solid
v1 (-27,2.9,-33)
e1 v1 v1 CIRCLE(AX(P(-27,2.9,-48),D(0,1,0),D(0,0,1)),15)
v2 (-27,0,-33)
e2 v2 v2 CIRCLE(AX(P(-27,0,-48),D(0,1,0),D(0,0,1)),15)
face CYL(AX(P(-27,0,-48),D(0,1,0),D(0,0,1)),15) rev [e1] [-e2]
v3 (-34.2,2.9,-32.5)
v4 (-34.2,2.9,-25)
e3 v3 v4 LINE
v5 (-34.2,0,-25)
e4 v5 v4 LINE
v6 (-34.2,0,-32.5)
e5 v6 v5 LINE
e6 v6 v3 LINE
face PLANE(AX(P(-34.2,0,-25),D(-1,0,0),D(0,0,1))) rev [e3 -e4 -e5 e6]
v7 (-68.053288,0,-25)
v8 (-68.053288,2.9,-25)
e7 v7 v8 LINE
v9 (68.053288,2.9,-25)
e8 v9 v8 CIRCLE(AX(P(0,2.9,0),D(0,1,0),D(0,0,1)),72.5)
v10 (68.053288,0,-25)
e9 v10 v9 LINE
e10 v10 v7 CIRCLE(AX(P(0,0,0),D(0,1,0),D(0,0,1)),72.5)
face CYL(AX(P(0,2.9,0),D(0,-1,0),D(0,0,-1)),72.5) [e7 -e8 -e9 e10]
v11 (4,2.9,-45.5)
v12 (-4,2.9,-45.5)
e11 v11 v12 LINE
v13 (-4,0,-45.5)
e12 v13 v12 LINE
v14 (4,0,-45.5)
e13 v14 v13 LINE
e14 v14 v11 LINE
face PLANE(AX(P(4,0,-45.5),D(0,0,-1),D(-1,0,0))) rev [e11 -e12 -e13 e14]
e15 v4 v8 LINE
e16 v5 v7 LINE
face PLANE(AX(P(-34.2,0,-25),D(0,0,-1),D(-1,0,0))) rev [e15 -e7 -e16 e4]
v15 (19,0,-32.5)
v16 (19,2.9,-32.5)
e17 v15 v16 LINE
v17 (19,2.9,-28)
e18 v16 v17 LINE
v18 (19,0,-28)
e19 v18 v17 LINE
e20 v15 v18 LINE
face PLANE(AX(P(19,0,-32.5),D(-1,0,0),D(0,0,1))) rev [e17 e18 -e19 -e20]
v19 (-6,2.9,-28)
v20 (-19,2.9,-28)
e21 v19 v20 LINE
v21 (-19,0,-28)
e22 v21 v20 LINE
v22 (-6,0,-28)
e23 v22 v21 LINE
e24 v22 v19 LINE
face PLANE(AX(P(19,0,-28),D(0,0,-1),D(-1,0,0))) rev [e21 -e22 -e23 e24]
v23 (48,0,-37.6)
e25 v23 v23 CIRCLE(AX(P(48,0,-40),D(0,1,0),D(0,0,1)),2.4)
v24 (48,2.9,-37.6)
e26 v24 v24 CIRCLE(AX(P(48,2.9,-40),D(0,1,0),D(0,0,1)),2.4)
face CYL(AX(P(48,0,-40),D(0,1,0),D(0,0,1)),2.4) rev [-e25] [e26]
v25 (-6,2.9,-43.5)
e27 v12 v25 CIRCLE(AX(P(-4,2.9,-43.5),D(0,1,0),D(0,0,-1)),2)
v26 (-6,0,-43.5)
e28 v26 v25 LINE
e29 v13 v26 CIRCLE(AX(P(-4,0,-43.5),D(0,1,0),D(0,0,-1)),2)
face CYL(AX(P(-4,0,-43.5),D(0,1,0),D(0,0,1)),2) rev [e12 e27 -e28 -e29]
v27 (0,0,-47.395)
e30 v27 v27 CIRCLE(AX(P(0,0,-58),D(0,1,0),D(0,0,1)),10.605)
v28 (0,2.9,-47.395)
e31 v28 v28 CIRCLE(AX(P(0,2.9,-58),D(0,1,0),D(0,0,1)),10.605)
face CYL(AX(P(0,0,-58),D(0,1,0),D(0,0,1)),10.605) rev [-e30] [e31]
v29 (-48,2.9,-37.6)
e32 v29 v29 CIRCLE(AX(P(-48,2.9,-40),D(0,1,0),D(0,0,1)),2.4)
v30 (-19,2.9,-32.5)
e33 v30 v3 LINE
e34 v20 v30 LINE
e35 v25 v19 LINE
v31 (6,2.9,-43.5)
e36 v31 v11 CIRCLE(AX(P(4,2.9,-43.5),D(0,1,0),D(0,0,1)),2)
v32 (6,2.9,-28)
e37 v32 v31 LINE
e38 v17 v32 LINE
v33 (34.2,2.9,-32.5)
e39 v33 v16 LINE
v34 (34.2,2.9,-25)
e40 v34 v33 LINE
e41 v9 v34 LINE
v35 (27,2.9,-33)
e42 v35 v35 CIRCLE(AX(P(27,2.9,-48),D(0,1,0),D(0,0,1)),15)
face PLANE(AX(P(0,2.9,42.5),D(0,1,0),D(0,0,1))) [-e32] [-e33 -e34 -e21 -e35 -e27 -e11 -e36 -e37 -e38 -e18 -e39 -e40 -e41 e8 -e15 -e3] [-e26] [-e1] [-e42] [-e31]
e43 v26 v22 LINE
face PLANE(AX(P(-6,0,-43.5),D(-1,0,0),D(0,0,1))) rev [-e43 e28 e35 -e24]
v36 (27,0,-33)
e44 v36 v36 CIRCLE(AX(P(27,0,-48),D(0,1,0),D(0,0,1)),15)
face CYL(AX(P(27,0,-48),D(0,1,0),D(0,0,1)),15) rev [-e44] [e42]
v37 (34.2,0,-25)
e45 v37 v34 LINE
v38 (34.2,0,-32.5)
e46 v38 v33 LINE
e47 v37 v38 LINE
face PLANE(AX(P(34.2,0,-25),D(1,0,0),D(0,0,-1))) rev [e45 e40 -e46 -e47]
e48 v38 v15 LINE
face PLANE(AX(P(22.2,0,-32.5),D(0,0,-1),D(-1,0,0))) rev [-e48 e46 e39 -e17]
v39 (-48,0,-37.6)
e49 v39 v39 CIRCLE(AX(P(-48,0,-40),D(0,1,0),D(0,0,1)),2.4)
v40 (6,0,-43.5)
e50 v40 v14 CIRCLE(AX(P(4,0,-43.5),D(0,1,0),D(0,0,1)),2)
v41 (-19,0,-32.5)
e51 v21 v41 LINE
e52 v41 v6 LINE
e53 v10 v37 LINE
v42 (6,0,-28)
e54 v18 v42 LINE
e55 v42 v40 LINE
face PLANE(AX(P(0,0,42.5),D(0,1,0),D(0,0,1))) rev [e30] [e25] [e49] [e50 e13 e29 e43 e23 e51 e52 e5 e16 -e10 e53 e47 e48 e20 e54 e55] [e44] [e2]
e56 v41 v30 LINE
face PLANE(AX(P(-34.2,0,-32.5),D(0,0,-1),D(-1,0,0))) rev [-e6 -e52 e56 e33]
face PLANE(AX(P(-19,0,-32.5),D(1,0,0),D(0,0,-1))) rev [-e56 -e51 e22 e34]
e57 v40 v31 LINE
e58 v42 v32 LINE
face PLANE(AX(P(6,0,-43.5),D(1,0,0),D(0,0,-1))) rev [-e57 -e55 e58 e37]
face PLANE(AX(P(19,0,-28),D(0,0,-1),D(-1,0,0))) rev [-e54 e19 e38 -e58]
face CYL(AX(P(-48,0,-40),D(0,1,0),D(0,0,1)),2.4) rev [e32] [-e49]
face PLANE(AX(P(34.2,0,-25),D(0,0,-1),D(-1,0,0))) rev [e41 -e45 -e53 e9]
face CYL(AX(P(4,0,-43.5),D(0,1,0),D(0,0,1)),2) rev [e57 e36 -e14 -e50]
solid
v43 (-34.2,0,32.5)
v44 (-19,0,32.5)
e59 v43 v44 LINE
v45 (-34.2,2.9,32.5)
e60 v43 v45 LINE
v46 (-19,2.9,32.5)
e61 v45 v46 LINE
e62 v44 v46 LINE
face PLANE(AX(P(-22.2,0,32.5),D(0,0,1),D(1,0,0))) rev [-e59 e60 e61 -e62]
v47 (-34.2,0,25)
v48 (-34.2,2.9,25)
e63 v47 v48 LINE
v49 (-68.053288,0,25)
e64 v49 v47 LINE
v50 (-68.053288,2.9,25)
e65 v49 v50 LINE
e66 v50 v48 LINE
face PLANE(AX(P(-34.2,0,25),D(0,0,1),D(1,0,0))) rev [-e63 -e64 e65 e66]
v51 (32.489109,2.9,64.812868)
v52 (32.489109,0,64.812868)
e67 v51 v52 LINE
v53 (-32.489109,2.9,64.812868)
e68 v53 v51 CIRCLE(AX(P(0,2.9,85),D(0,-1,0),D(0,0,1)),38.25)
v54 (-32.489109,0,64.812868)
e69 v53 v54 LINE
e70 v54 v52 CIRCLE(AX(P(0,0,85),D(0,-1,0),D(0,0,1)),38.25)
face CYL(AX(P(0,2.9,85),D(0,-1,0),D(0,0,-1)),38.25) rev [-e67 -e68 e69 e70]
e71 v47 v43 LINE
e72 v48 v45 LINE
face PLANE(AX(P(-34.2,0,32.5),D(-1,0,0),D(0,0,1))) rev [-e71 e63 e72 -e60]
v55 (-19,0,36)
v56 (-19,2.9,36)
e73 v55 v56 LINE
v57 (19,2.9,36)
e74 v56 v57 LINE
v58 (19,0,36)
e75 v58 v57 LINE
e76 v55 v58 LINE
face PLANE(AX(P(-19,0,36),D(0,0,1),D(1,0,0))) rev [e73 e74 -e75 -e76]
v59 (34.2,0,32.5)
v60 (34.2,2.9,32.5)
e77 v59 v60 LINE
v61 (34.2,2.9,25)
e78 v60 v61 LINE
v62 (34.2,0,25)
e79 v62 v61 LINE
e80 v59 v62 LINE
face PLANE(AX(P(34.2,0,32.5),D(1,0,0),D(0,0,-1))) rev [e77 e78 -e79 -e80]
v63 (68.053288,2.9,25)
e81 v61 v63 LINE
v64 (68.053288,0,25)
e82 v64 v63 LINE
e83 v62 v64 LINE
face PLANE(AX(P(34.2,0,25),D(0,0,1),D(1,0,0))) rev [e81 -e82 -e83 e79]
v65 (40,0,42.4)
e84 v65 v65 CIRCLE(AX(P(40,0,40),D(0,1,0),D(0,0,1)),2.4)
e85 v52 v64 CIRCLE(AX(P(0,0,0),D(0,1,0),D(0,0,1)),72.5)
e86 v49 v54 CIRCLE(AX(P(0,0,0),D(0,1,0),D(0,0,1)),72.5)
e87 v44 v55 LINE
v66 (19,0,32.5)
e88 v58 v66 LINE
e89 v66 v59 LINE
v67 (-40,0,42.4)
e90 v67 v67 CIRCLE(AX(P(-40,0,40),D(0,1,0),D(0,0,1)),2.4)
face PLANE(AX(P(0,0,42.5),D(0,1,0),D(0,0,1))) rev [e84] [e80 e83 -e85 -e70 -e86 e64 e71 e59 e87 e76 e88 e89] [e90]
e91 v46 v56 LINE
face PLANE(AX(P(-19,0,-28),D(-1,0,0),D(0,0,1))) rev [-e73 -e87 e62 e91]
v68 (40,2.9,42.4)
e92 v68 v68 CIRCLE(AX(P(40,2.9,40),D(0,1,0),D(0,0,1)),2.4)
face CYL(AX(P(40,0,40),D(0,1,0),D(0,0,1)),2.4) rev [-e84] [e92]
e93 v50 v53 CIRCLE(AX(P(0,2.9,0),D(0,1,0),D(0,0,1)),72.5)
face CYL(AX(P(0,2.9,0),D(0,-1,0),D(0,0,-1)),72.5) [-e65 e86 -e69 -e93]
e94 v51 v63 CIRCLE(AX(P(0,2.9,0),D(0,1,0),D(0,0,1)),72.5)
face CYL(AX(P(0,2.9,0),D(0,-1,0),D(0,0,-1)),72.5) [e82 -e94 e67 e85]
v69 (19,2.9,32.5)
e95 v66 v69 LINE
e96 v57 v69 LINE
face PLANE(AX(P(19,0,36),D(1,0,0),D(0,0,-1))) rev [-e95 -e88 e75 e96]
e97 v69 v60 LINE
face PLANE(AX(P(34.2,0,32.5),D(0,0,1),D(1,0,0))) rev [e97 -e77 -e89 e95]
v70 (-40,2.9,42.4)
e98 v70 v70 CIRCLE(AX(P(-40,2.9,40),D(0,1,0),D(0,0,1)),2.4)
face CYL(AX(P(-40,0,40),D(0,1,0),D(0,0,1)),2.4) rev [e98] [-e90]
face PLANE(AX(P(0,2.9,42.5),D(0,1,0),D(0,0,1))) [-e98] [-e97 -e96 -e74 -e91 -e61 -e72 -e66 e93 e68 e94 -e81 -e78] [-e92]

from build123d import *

# Parameters (mm, degrees)
BOSS_EXTRUDE1_DEPTH  = 2.9
SOLENOID_PLACEMENT_W = 38
SOLENOID_PLACEMENT_H = 64
CUT_EXTRUDE1_DEPTH   = 103.571487266
SKETCH7_R            = 15
CUT_EXTRUDE6_DEPTH   = 103.571487266
SKETCH8_R            = 2.4
CUT_EXTRUDE7_DEPTH   = 103.571487266
CUT_EXTRUDE3_DEPTH   = 103.571487266
CUT_EXTRUDE8_DEPTH   = 100.478188564
SKETCH10_R           = 10.605
CUT_EXTRUDE9_DEPTH   = 100.478188564


with BuildPart() as part:
    # Sketch1 → Boss-Extrude1 (new body)
    with BuildSketch(Plane(origin=(0, 0, 0), x_dir=(1, 0, 0), z_dir=(0, 1, 0))):
        with BuildLine():
            ThreePointArc((32.48910875, -64.812867647), (0, 72.5), (-32.48910875, -64.812867647))
            ThreePointArc((-32.48910875, -64.812867647), (0, -46.75), (32.48910875, -64.812867647))
        make_face()
    extrude(amount=BOSS_EXTRUDE1_DEPTH)

    # solenoid placement → Cut-Extrude1 (cut, through all)
    with BuildSketch(Plane(origin=(0, 2.9, 0), x_dir=(1, 0, 0), z_dir=(0, 1, 0))):
        with Locations((0, -4)):
            Rectangle(SOLENOID_PLACEMENT_W, SOLENOID_PLACEMENT_H)
    extrude(amount=-CUT_EXTRUDE1_DEPTH, mode=Mode.SUBTRACT)

    # Sketch7 → Cut-Extrude6 (cut, through all)
    with BuildSketch(Plane(origin=(0, 2.9, 0), x_dir=(1, 0, 0), z_dir=(0, 1, 0))):
        with Locations(Location((27, 48, 0), (0, 0, 270))):
            Circle(SKETCH7_R)
        with Locations(Location((-27, 48, 0), (0, 0, 270))):
            Circle(SKETCH7_R)
    extrude(amount=-CUT_EXTRUDE6_DEPTH, mode=Mode.SUBTRACT)

    # Sketch8 → Cut-Extrude7 (cut, through all)
    with BuildSketch(Plane(origin=(0, 2.9, 0), x_dir=(1, 0, 0), z_dir=(0, 1, 0))):
        with Locations(Location((40, -40, 0), (0, 0, 270))):
            Circle(SKETCH8_R)
        with Locations(Location((-40, -40, 0), (0, 0, 270))):
            Circle(SKETCH8_R)
        with Locations(Location((48, 40, 0), (0, 0, 270))):
            Circle(SKETCH8_R)
        with Locations(Location((-48, 40, 0), (0, 0, 270))):
            Circle(SKETCH8_R)
    extrude(amount=-CUT_EXTRUDE7_DEPTH, mode=Mode.SUBTRACT)

    # Sketch3 → Cut-Extrude3 (cut, through all)
    with BuildSketch(Plane(origin=(0, 2.9, 0), x_dir=(1, 0, 0), z_dir=(0, 1, 0))):
        with BuildLine():
            Line((-34.2, -32.5), (-22.2, -32.5))
            Line((-22.2, -32.5), (-19, -32.5))
            Line((-19, -32.5), (-19, 32.5))
            Line((-19, 32.5), (-22.2, 32.5))
            Line((-22.2, 32.5), (-34.2, 32.5))
            Line((-34.2, 32.5), (-34.2, 25))
            Line((-34.2, 25), (-68.053287944, 25))
            ThreePointArc((-68.053287944, 25), (-72.5, 0), (-68.053287944, -25))
            Line((-68.053287944, -25), (-34.2, -25))
            Line((-34.2, -25), (-34.2, -32.5))
        make_face()
        with BuildLine():
            Line((19, 32.5), (19, -32.5))
            Line((19, -32.5), (22.2, -32.5))
            Line((22.2, -32.5), (34.2, -32.5))
            Line((34.2, -32.5), (34.2, -25))
            Line((34.2, -25), (68.053287944, -25))
            ThreePointArc((68.053287944, -25), (72.5, 0), (68.053287944, 25))
            Line((68.053287944, 25), (34.2, 25))
            Line((34.2, 25), (34.2, 32.5))
            Line((34.2, 32.5), (22.2, 32.5))
            Line((22.2, 32.5), (19, 32.5))
        make_face()
    extrude(amount=-CUT_EXTRUDE3_DEPTH, mode=Mode.SUBTRACT)


with BuildPart() as cut_extrude3_piece_1:
    # of the separate pieces the step leaves, piece 1, a body of its own (cut_extrude3_pieces)
    add(part.part.solids().sort_by_distance((68.053287944, 0, -25))[0])

    # Sketch9 → Cut-Extrude8 (cut, through all)
    with BuildSketch(Plane(origin=(0, 2.9, 0), x_dir=(1, 0, 0), z_dir=(0, 1, 0))):
        with BuildLine():
            Line((6, 43.5), (6, 28))
            Line((6, 28), (-6, 28))
            Line((-6, 28), (-6, 43.5))
            ThreePointArc((-6, 43.5), (-5.414213562, 44.914213562), (-4, 45.5))
            Line((-4, 45.5), (4, 45.5))
            ThreePointArc((4, 45.5), (5.414213562, 44.914213562), (6, 43.5))
        make_face()
    extrude(amount=-CUT_EXTRUDE8_DEPTH, mode=Mode.SUBTRACT)

    # Sketch10 → Cut-Extrude9 (cut, through all)
    with BuildSketch(Plane(origin=(0, 2.9, 0), x_dir=(1, 0, 0), z_dir=(0, 1, 0))):
        with Locations(Location((0, 58, 0), (0, 0, 270))):
            Circle(SKETCH10_R)
    extrude(amount=-CUT_EXTRUDE9_DEPTH, mode=Mode.SUBTRACT)


with BuildPart() as cut_extrude3_piece_2:
    # of the separate pieces the step leaves, piece 2, a body of its own (cut_extrude3_pieces)
    add(part.part.solids().sort_by_distance((32.48910875, 0, 64.812867647))[0])


solid = Compound([cut_extrude3_piece_1.part, cut_extrude3_piece_2.part])
